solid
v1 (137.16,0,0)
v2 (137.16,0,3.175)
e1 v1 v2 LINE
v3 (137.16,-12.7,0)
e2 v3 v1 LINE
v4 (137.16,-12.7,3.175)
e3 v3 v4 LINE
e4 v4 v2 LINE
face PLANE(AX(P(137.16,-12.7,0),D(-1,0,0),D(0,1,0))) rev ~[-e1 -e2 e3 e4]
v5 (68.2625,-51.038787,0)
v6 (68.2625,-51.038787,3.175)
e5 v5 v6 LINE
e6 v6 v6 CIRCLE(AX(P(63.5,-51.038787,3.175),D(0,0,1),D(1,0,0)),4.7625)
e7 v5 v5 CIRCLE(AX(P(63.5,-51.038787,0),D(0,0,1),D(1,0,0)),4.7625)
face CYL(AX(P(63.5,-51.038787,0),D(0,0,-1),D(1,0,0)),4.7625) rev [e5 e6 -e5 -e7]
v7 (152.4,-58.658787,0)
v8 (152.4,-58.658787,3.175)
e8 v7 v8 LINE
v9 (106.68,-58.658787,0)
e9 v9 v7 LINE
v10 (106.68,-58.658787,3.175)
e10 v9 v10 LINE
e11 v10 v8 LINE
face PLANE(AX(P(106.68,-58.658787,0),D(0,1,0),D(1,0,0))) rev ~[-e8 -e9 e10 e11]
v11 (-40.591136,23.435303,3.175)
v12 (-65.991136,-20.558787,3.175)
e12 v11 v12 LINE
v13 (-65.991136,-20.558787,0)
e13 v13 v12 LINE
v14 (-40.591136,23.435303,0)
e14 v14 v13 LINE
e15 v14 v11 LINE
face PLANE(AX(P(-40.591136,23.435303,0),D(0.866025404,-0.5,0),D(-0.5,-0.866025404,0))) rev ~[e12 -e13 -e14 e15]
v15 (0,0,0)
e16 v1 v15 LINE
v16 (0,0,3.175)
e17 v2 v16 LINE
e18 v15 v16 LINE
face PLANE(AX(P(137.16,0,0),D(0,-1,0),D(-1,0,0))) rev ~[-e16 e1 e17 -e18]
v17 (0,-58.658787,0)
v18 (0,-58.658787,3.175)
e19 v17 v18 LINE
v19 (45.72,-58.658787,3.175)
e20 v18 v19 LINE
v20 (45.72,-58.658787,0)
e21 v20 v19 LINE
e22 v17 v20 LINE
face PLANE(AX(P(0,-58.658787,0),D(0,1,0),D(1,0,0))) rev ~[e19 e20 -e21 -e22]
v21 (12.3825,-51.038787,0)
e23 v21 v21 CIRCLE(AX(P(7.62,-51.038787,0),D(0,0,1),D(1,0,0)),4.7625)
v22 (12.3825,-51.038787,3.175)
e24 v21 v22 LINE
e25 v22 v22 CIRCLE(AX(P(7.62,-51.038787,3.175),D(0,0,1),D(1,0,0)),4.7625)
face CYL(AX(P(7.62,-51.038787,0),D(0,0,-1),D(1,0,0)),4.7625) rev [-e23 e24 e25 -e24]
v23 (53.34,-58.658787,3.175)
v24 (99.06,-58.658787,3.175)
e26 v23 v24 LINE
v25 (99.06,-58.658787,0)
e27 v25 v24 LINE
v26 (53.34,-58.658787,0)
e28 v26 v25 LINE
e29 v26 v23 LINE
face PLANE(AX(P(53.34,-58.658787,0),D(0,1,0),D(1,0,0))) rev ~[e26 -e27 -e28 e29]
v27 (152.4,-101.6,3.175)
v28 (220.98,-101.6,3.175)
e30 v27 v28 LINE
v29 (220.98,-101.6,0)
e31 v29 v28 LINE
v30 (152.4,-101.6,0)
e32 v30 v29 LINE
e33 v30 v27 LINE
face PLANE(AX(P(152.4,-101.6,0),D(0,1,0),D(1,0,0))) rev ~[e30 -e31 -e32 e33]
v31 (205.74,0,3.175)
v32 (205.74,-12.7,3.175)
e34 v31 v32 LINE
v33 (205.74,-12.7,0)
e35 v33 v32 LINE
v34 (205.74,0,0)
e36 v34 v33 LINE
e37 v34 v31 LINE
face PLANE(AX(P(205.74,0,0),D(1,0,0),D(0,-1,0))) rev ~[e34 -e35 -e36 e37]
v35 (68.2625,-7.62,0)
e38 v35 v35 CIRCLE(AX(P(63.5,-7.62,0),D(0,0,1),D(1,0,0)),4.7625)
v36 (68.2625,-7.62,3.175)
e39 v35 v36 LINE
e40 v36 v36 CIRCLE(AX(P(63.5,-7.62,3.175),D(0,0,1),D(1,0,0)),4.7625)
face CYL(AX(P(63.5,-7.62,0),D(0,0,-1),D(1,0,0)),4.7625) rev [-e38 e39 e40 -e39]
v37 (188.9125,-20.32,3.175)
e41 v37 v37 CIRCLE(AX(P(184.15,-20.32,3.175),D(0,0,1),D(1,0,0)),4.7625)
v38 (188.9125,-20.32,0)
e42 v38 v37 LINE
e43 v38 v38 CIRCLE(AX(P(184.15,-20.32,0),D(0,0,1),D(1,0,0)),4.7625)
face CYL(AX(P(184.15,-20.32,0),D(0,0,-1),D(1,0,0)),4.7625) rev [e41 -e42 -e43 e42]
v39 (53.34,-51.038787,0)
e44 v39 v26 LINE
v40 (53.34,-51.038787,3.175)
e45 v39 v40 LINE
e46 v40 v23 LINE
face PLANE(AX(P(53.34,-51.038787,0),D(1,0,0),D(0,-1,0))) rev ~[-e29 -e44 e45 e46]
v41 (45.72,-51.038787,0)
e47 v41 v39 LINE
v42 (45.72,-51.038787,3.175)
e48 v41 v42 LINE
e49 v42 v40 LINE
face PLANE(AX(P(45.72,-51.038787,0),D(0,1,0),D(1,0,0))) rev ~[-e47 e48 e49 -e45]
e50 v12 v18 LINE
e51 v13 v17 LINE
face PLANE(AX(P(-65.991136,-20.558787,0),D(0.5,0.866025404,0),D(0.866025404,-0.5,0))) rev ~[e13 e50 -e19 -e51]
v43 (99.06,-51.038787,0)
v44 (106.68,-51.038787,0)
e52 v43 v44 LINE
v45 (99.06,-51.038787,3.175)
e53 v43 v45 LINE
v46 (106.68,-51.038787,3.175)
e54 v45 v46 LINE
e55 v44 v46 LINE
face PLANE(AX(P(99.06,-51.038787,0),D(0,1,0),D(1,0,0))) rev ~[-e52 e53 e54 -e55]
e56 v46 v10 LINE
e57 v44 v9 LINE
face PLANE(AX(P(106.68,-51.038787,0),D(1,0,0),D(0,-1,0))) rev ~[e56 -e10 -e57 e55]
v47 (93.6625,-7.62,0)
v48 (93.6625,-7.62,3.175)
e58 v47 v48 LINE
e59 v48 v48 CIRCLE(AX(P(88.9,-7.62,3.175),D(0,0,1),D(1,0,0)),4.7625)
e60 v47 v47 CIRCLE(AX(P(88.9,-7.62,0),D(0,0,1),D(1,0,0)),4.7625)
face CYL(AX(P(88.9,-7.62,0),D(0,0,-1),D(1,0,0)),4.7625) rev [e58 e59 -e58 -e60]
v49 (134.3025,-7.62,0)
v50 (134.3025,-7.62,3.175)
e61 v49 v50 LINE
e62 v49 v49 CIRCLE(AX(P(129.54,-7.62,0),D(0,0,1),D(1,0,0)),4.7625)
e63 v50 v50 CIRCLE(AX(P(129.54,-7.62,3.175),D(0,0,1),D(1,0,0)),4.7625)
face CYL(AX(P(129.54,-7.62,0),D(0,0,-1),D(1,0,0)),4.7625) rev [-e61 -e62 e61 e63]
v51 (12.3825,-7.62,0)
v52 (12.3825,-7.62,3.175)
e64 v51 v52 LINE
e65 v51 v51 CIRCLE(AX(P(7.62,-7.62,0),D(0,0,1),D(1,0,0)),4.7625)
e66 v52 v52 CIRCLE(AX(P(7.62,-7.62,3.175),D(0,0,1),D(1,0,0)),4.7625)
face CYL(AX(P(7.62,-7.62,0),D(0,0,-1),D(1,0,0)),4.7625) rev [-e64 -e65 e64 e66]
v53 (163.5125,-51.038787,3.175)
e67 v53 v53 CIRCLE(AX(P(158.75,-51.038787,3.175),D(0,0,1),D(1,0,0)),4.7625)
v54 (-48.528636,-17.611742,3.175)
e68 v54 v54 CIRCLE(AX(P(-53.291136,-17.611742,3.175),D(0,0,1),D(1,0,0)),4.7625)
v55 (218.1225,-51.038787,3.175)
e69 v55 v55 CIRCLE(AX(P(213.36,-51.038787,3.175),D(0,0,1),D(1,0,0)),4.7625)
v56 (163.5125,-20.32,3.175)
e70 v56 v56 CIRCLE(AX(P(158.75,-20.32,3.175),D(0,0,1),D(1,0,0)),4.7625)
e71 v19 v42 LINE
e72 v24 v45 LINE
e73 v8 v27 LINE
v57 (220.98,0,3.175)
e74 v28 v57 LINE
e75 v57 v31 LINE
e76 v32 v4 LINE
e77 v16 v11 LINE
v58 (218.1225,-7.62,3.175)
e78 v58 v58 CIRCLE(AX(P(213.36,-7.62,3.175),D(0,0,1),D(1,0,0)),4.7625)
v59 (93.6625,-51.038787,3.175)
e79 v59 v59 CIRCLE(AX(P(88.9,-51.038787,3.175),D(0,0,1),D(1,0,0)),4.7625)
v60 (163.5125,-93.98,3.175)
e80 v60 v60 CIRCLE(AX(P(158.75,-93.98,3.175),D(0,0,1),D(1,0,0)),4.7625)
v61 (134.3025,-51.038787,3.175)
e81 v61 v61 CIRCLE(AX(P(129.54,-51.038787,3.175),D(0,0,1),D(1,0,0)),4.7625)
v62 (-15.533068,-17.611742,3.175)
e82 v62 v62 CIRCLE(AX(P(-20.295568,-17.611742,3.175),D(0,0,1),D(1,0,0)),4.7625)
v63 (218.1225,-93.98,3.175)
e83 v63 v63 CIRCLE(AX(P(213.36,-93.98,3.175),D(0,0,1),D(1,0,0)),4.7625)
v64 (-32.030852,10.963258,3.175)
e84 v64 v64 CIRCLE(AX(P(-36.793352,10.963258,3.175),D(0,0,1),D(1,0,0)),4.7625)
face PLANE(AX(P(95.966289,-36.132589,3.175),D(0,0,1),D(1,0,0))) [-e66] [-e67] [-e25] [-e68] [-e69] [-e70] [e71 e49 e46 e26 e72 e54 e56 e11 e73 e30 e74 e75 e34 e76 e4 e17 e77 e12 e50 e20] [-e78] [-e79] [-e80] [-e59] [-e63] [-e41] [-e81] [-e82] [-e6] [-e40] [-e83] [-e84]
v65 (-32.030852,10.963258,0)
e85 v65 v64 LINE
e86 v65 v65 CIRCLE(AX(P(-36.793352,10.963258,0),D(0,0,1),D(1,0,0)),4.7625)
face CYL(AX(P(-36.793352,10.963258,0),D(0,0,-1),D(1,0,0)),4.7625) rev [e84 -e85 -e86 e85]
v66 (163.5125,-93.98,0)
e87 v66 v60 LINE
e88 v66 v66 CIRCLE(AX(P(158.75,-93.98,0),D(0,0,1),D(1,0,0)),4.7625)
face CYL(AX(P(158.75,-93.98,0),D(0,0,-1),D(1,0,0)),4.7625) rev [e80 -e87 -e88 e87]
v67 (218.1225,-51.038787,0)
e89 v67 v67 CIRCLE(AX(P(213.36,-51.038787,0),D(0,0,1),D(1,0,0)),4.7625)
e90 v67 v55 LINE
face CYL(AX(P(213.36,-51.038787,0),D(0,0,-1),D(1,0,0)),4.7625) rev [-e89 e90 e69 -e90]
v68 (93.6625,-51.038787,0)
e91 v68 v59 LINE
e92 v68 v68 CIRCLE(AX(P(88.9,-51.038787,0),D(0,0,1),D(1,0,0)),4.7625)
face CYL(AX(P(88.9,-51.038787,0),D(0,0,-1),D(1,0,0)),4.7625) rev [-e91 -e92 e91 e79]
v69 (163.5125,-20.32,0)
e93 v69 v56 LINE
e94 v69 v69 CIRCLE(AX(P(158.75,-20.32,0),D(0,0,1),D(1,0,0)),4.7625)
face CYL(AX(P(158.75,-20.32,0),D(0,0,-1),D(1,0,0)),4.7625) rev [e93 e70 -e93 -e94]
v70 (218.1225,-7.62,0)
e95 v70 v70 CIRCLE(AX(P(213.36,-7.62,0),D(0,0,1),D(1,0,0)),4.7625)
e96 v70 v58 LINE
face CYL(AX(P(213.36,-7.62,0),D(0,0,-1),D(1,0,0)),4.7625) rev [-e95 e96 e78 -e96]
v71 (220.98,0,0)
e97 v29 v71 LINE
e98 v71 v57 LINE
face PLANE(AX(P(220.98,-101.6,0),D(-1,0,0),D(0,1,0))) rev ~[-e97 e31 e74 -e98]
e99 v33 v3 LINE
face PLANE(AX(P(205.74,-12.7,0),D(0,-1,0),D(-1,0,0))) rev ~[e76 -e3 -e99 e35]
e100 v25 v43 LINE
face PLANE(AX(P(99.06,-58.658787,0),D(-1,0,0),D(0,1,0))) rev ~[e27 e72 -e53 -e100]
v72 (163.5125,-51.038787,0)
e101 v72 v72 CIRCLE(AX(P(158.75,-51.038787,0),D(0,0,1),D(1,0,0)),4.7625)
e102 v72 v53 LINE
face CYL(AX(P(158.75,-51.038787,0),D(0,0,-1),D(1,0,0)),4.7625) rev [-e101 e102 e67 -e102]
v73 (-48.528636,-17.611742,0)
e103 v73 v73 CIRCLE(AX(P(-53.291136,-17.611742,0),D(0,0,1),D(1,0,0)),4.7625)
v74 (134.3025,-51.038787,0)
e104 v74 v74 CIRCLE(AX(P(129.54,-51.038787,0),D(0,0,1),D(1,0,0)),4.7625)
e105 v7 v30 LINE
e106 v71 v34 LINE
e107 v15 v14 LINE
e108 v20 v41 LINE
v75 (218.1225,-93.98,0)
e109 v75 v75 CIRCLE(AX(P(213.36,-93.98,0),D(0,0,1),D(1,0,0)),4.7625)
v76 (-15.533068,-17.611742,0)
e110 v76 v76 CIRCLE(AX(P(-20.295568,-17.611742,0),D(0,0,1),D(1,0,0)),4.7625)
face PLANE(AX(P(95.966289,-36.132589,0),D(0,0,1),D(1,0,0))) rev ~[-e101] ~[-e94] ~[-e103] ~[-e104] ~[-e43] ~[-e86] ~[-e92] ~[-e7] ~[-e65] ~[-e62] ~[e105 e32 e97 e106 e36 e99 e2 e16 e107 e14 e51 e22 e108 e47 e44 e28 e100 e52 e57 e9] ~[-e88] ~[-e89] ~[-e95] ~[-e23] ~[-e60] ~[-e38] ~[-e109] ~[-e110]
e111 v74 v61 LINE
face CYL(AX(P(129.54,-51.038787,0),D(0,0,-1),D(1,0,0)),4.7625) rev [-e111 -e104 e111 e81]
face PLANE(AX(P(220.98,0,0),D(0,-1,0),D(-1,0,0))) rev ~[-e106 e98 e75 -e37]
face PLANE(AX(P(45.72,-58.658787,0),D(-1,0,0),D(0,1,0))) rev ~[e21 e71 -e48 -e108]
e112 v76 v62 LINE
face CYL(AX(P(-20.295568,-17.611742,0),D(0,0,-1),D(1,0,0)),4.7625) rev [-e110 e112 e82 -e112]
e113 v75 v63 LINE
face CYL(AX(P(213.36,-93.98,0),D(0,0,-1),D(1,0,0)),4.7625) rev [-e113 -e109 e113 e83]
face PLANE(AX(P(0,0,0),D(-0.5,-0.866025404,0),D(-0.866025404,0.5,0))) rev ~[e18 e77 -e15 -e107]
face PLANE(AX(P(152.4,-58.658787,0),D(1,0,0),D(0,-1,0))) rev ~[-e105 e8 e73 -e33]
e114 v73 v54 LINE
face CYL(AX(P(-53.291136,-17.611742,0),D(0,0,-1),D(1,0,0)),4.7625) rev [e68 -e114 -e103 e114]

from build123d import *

# Parameters (mm, degrees)
SKETCH1_R           = 4.7625
BOSS_EXTRUDE1_DEPTH = 3.175


with BuildPart() as part:
    # Sketch1 → Boss-Extrude1 (new body)
    with BuildSketch(Plane.XY):
        Polygon((0, 0), (-40.591135768, 23.435303163), (-65.991135768, -20.55878735), (0, -58.65878735), (45.72, -58.65878735), (45.72, -51.03878735), (53.34, -51.03878735), (53.34, -58.65878735), (99.06, -58.65878735), (99.06, -51.03878735), (106.68, -51.03878735), (106.68, -58.65878735), (152.4, -58.65878735), (152.4, -101.6), (220.98, -101.6), (220.98, 0), (205.74, 0), (205.74, -12.7), (137.16, -12.7), (137.16, 0), (99.06, 0), align=None)
        with Locations((-20.295567884, -17.611742094)):
            Circle(SKETCH1_R, mode=Mode.SUBTRACT)
        with Locations((-53.291135768, -17.611742094)):
            Circle(SKETCH1_R, mode=Mode.SUBTRACT)
        with Locations((-36.793351826, 10.963257906)):
            Circle(SKETCH1_R, mode=Mode.SUBTRACT)
        with Locations((7.62, -51.03878735)):
            Circle(SKETCH1_R, mode=Mode.SUBTRACT)
        with Locations((7.62, -7.62)):
            Circle(SKETCH1_R, mode=Mode.SUBTRACT)
        with Locations((63.5, -7.62)):
            Circle(SKETCH1_R, mode=Mode.SUBTRACT)
        with Locations((88.9, -7.62)):
            Circle(SKETCH1_R, mode=Mode.SUBTRACT)
        with Locations((129.54, -7.62)):
            Circle(SKETCH1_R, mode=Mode.SUBTRACT)
        with Locations((88.9, -51.03878735)):
            Circle(SKETCH1_R, mode=Mode.SUBTRACT)
        with Locations((63.5, -51.03878735)):
            Circle(SKETCH1_R, mode=Mode.SUBTRACT)
        with Locations((129.54, -51.03878735)):
            Circle(SKETCH1_R, mode=Mode.SUBTRACT)
        with Locations((158.75, -20.32)):
            Circle(SKETCH1_R, mode=Mode.SUBTRACT)
        with Locations((184.15, -20.32)):
            Circle(SKETCH1_R, mode=Mode.SUBTRACT)
        with Locations((213.36, -7.62)):
            Circle(SKETCH1_R, mode=Mode.SUBTRACT)
        with Locations((213.36, -93.98)):
            Circle(SKETCH1_R, mode=Mode.SUBTRACT)
        with Locations((158.75, -93.98)):
            Circle(SKETCH1_R, mode=Mode.SUBTRACT)
        with Locations((213.36, -51.03878735)):
            Circle(SKETCH1_R, mode=Mode.SUBTRACT)
        with Locations((158.75, -51.03878735)):
            Circle(SKETCH1_R, mode=Mode.SUBTRACT)
    extrude(amount=BOSS_EXTRUDE1_DEPTH)


solid = part.part
